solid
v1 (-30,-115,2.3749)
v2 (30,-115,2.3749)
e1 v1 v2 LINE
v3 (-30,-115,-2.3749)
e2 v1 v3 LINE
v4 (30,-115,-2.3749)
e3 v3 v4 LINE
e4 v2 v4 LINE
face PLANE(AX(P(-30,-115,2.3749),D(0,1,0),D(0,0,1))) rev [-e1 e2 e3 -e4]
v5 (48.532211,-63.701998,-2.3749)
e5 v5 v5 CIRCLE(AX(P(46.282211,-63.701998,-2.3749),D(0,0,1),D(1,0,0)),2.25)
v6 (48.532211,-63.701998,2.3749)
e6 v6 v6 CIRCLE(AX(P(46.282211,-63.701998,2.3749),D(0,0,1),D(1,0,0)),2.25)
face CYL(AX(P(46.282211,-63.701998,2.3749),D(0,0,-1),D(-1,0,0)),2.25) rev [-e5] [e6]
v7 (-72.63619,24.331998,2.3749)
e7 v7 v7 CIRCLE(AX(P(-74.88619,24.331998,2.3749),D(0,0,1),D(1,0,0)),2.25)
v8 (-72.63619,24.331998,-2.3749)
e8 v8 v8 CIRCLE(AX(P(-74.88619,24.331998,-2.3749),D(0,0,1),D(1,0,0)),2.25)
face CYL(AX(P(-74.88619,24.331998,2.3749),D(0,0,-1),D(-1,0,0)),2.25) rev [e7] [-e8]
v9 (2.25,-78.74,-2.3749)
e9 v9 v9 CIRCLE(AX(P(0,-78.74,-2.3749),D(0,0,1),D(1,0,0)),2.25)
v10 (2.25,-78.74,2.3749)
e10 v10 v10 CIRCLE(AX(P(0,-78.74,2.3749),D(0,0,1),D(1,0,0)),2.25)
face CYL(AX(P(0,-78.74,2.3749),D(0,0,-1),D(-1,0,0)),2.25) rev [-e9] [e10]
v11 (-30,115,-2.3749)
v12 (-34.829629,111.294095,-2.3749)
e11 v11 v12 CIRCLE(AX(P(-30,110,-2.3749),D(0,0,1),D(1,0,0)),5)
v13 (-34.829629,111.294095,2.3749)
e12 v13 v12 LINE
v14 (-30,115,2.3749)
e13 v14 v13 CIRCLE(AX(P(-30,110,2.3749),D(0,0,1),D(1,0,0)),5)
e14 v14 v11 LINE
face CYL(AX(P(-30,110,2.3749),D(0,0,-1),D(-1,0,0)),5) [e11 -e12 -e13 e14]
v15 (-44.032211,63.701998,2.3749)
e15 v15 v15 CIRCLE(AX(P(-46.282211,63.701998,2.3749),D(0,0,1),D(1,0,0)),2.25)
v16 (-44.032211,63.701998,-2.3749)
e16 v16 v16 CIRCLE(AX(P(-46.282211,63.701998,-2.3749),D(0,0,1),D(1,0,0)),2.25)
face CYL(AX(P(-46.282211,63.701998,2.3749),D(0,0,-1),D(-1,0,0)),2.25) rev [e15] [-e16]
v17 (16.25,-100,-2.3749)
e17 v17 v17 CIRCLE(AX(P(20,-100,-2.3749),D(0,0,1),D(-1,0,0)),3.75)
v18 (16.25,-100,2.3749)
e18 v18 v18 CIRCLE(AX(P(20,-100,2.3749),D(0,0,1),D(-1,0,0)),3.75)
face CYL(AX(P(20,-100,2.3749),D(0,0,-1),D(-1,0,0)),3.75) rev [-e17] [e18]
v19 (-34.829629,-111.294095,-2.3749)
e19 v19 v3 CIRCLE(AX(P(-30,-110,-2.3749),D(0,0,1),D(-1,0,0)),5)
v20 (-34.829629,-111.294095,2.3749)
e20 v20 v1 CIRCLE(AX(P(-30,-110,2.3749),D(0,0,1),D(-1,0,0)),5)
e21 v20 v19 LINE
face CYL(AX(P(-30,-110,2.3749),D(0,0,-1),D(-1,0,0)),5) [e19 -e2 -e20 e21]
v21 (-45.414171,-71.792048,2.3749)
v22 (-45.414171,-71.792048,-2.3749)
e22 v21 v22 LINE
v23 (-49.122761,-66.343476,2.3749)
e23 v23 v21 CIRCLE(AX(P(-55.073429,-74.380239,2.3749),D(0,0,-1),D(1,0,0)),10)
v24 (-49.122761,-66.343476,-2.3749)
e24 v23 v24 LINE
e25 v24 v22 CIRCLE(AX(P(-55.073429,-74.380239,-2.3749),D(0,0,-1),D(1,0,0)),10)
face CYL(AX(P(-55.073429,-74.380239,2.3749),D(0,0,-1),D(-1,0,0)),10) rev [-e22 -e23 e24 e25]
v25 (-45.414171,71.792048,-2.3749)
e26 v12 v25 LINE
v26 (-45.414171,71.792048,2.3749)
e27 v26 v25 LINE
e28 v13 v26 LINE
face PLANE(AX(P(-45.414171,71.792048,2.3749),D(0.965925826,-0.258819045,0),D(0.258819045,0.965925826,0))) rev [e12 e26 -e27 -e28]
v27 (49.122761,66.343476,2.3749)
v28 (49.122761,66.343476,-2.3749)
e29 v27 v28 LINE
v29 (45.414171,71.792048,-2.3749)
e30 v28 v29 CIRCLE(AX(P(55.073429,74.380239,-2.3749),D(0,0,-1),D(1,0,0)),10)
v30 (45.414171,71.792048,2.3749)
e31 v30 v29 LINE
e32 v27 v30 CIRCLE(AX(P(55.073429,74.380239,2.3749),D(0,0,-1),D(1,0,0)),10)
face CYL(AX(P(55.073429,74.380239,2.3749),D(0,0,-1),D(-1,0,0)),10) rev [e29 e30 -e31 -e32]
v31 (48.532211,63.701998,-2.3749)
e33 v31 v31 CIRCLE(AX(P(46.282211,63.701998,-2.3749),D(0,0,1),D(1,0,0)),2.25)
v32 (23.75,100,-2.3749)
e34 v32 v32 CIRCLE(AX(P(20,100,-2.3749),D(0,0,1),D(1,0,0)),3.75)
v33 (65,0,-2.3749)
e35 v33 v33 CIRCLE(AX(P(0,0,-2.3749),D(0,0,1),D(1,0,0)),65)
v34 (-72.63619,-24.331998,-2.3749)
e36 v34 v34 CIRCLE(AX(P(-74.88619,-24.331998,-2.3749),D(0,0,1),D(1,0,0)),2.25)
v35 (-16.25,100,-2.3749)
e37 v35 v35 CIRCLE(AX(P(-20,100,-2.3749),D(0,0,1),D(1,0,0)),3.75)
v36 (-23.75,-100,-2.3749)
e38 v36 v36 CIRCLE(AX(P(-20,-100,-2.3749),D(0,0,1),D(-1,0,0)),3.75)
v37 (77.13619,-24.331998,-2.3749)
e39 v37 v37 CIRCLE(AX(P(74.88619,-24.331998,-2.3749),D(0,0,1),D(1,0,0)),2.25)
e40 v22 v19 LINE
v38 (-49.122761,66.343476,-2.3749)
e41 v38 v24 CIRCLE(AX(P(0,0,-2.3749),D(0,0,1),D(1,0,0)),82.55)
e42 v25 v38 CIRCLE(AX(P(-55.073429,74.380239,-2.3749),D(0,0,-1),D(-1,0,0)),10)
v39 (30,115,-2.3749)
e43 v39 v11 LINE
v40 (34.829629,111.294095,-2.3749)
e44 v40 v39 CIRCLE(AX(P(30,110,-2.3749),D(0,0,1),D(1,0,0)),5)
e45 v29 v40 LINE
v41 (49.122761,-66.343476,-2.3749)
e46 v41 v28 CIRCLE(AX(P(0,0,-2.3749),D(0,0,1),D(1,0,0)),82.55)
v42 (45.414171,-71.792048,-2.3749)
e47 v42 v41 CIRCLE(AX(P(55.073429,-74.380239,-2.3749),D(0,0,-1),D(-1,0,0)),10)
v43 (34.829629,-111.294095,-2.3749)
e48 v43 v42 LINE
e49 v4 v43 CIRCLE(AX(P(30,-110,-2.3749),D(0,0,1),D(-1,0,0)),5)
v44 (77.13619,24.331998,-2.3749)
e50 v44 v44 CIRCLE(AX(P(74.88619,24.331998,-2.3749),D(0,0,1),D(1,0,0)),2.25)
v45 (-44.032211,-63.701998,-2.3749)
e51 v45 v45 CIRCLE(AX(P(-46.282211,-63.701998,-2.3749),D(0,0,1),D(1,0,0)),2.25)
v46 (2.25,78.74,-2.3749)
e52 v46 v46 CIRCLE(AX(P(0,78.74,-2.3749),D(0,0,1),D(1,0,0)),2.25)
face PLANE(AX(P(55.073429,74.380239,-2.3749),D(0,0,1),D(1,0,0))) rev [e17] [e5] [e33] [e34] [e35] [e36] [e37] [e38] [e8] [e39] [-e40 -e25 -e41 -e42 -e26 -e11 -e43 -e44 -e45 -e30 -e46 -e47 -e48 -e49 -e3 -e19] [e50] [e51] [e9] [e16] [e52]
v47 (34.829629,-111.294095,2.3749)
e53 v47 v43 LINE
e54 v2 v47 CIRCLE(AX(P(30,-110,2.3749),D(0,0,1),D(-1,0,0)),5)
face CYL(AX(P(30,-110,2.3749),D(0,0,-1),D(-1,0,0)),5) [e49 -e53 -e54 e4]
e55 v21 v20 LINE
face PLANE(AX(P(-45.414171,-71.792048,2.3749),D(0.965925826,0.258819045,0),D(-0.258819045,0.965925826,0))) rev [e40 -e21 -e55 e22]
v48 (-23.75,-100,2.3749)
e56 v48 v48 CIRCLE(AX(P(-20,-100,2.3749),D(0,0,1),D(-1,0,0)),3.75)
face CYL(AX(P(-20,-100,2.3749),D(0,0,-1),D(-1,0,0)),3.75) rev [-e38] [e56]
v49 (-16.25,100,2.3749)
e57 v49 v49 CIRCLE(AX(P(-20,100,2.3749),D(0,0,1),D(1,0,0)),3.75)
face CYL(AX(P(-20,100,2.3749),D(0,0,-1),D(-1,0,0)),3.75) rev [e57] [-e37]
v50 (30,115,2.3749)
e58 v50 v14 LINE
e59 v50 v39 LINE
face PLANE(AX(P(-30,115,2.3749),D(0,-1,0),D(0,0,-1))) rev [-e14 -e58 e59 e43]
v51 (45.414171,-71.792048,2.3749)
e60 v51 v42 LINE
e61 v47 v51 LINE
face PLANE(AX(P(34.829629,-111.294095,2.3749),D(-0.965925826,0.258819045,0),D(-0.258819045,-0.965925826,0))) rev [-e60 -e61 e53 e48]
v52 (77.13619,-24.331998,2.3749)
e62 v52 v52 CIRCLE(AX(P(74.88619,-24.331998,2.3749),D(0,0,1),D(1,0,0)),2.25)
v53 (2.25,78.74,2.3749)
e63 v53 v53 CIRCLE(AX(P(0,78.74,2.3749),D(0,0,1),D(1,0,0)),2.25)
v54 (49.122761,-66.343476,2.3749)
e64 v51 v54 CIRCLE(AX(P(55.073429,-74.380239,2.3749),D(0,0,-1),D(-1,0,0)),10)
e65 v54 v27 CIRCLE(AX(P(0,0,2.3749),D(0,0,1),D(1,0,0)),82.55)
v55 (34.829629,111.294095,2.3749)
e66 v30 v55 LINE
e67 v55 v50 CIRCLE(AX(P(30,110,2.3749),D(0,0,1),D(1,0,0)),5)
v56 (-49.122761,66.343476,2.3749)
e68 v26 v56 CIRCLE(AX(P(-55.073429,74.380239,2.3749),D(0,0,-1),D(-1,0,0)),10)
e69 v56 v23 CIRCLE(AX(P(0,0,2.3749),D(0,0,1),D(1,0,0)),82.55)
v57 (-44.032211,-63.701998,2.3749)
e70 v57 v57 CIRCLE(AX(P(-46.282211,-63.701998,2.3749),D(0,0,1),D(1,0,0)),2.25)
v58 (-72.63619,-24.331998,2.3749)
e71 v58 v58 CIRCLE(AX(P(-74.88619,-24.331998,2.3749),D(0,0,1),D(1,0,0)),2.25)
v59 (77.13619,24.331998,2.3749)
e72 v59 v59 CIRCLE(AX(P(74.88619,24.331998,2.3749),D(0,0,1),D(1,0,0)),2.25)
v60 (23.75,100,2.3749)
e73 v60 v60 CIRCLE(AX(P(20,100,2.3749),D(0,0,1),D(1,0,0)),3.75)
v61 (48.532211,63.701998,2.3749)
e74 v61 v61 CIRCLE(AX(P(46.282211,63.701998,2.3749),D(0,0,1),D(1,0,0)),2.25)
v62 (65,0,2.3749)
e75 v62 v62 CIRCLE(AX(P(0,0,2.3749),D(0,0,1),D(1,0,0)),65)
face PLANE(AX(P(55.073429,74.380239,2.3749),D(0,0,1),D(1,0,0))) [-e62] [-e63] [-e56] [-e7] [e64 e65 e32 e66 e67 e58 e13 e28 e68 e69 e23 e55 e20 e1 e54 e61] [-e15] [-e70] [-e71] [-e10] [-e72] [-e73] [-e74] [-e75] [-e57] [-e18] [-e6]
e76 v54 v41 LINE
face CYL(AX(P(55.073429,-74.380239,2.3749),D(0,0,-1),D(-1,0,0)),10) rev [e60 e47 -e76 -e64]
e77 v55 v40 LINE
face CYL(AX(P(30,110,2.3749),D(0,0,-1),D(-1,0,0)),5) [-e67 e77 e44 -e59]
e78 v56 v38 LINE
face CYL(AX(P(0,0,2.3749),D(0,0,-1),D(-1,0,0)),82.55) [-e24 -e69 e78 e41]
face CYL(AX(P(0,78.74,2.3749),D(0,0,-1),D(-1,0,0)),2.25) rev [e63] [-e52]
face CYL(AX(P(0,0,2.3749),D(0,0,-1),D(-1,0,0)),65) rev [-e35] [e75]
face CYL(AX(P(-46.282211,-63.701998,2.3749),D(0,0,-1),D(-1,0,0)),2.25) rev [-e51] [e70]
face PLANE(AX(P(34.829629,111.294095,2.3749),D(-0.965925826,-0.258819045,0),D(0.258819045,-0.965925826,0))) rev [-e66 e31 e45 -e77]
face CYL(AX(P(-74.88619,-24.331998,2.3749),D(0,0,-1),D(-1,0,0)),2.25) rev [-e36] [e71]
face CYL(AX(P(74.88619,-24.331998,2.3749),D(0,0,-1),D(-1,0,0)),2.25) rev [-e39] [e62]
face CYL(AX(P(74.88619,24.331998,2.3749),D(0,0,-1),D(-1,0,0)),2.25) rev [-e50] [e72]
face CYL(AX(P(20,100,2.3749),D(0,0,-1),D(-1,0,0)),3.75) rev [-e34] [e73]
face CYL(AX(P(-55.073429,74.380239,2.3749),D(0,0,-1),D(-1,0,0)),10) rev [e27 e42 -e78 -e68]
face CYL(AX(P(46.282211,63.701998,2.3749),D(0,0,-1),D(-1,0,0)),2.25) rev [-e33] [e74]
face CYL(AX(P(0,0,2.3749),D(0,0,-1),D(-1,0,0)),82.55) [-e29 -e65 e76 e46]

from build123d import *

# Parameters (mm, degrees)
SKETCH1_R           = 65
SKETCH1_R_2         = 3.75
SKETCH1_R_3         = 2.25
BOSS_EXTRUDE1_DEPTH = 2.3749


with BuildPart() as part:
    # Sketch1 → Boss-Extrude1 (new, symmetric)
    with BuildSketch(Plane.XY):
        with BuildLine():
            Line((-45.414170693, 71.792048343), (-34.829629131, 111.294095226))
            ThreePointArc((-34.829629131, 111.294095226), (-33.043807145, 113.966766701), (-30, 115))
            Line((-30, 115), (30, 115))
            ThreePointArc((30, 115), (33.043807145, 113.966766701), (34.829629131, 111.294095226))
            Line((34.829629131, 111.294095226), (45.414170693, 71.792048343))
            ThreePointArc((45.414170693, 71.792048343), (46.806677386, 68.753444104), (49.122761322, 66.343476093))
            ThreePointArc((49.122761322, 66.343476093), (82.55, 0), (49.122761322, -66.343476093))
            ThreePointArc((49.122761322, -66.343476093), (46.806677386, -68.753444104), (45.414170693, -71.792048343))
            Line((45.414170693, -71.792048343), (34.829629131, -111.294095226))
            ThreePointArc((34.829629131, -111.294095226), (33.043807145, -113.966766701), (30, -115))
            Line((30, -115), (-30, -115))
            ThreePointArc((-30, -115), (-33.043807145, -113.966766701), (-34.829629131, -111.294095226))
            Line((-34.829629131, -111.294095226), (-45.414170693, -71.792048343))
            ThreePointArc((-45.414170693, -71.792048343), (-46.806677386, -68.753444104), (-49.122761322, -66.343476093))
            ThreePointArc((-49.122761322, -66.343476093), (-82.55, 0), (-49.122761322, 66.343476093))
            ThreePointArc((-49.122761322, 66.343476093), (-46.806677386, 68.753444104), (-45.414170693, 71.792048343))
        make_face()
        Circle(SKETCH1_R, mode=Mode.SUBTRACT)
        with Locations((-20, 100)):
            Circle(SKETCH1_R_2, mode=Mode.SUBTRACT)
        with Locations((20, 100)):
            Circle(SKETCH1_R_2, mode=Mode.SUBTRACT)
        with Locations(Location((20, -100, 0), (0, 0, 180))):
            Circle(SKETCH1_R_2, mode=Mode.SUBTRACT)
        with Locations(Location((-20, -100, 0), (0, 0, 180))):
            Circle(SKETCH1_R_2, mode=Mode.SUBTRACT)
        with Locations((0, 78.74)):
            Circle(SKETCH1_R_3, mode=Mode.SUBTRACT)
        with Locations((46.282210766, 63.701998137)):
            Circle(SKETCH1_R_3, mode=Mode.SUBTRACT)
        with Locations((74.886190093, 24.331998137)):
            Circle(SKETCH1_R_3, mode=Mode.SUBTRACT)
        with Locations((74.886190093, -24.331998137)):
            Circle(SKETCH1_R_3, mode=Mode.SUBTRACT)
        with Locations((46.282210766, -63.701998137)):
            Circle(SKETCH1_R_3, mode=Mode.SUBTRACT)
        with Locations((0, -78.74)):
            Circle(SKETCH1_R_3, mode=Mode.SUBTRACT)
        with Locations((-46.282210766, -63.701998137)):
            Circle(SKETCH1_R_3, mode=Mode.SUBTRACT)
        with Locations((-74.886190093, -24.331998137)):
            Circle(SKETCH1_R_3, mode=Mode.SUBTRACT)
        with Locations((-74.886190093, 24.331998137)):
            Circle(SKETCH1_R_3, mode=Mode.SUBTRACT)
        with Locations((-46.282210766, 63.701998137)):
            Circle(SKETCH1_R_3, mode=Mode.SUBTRACT)
    extrude(amount=BOSS_EXTRUDE1_DEPTH, both=True)


solid = part.part
